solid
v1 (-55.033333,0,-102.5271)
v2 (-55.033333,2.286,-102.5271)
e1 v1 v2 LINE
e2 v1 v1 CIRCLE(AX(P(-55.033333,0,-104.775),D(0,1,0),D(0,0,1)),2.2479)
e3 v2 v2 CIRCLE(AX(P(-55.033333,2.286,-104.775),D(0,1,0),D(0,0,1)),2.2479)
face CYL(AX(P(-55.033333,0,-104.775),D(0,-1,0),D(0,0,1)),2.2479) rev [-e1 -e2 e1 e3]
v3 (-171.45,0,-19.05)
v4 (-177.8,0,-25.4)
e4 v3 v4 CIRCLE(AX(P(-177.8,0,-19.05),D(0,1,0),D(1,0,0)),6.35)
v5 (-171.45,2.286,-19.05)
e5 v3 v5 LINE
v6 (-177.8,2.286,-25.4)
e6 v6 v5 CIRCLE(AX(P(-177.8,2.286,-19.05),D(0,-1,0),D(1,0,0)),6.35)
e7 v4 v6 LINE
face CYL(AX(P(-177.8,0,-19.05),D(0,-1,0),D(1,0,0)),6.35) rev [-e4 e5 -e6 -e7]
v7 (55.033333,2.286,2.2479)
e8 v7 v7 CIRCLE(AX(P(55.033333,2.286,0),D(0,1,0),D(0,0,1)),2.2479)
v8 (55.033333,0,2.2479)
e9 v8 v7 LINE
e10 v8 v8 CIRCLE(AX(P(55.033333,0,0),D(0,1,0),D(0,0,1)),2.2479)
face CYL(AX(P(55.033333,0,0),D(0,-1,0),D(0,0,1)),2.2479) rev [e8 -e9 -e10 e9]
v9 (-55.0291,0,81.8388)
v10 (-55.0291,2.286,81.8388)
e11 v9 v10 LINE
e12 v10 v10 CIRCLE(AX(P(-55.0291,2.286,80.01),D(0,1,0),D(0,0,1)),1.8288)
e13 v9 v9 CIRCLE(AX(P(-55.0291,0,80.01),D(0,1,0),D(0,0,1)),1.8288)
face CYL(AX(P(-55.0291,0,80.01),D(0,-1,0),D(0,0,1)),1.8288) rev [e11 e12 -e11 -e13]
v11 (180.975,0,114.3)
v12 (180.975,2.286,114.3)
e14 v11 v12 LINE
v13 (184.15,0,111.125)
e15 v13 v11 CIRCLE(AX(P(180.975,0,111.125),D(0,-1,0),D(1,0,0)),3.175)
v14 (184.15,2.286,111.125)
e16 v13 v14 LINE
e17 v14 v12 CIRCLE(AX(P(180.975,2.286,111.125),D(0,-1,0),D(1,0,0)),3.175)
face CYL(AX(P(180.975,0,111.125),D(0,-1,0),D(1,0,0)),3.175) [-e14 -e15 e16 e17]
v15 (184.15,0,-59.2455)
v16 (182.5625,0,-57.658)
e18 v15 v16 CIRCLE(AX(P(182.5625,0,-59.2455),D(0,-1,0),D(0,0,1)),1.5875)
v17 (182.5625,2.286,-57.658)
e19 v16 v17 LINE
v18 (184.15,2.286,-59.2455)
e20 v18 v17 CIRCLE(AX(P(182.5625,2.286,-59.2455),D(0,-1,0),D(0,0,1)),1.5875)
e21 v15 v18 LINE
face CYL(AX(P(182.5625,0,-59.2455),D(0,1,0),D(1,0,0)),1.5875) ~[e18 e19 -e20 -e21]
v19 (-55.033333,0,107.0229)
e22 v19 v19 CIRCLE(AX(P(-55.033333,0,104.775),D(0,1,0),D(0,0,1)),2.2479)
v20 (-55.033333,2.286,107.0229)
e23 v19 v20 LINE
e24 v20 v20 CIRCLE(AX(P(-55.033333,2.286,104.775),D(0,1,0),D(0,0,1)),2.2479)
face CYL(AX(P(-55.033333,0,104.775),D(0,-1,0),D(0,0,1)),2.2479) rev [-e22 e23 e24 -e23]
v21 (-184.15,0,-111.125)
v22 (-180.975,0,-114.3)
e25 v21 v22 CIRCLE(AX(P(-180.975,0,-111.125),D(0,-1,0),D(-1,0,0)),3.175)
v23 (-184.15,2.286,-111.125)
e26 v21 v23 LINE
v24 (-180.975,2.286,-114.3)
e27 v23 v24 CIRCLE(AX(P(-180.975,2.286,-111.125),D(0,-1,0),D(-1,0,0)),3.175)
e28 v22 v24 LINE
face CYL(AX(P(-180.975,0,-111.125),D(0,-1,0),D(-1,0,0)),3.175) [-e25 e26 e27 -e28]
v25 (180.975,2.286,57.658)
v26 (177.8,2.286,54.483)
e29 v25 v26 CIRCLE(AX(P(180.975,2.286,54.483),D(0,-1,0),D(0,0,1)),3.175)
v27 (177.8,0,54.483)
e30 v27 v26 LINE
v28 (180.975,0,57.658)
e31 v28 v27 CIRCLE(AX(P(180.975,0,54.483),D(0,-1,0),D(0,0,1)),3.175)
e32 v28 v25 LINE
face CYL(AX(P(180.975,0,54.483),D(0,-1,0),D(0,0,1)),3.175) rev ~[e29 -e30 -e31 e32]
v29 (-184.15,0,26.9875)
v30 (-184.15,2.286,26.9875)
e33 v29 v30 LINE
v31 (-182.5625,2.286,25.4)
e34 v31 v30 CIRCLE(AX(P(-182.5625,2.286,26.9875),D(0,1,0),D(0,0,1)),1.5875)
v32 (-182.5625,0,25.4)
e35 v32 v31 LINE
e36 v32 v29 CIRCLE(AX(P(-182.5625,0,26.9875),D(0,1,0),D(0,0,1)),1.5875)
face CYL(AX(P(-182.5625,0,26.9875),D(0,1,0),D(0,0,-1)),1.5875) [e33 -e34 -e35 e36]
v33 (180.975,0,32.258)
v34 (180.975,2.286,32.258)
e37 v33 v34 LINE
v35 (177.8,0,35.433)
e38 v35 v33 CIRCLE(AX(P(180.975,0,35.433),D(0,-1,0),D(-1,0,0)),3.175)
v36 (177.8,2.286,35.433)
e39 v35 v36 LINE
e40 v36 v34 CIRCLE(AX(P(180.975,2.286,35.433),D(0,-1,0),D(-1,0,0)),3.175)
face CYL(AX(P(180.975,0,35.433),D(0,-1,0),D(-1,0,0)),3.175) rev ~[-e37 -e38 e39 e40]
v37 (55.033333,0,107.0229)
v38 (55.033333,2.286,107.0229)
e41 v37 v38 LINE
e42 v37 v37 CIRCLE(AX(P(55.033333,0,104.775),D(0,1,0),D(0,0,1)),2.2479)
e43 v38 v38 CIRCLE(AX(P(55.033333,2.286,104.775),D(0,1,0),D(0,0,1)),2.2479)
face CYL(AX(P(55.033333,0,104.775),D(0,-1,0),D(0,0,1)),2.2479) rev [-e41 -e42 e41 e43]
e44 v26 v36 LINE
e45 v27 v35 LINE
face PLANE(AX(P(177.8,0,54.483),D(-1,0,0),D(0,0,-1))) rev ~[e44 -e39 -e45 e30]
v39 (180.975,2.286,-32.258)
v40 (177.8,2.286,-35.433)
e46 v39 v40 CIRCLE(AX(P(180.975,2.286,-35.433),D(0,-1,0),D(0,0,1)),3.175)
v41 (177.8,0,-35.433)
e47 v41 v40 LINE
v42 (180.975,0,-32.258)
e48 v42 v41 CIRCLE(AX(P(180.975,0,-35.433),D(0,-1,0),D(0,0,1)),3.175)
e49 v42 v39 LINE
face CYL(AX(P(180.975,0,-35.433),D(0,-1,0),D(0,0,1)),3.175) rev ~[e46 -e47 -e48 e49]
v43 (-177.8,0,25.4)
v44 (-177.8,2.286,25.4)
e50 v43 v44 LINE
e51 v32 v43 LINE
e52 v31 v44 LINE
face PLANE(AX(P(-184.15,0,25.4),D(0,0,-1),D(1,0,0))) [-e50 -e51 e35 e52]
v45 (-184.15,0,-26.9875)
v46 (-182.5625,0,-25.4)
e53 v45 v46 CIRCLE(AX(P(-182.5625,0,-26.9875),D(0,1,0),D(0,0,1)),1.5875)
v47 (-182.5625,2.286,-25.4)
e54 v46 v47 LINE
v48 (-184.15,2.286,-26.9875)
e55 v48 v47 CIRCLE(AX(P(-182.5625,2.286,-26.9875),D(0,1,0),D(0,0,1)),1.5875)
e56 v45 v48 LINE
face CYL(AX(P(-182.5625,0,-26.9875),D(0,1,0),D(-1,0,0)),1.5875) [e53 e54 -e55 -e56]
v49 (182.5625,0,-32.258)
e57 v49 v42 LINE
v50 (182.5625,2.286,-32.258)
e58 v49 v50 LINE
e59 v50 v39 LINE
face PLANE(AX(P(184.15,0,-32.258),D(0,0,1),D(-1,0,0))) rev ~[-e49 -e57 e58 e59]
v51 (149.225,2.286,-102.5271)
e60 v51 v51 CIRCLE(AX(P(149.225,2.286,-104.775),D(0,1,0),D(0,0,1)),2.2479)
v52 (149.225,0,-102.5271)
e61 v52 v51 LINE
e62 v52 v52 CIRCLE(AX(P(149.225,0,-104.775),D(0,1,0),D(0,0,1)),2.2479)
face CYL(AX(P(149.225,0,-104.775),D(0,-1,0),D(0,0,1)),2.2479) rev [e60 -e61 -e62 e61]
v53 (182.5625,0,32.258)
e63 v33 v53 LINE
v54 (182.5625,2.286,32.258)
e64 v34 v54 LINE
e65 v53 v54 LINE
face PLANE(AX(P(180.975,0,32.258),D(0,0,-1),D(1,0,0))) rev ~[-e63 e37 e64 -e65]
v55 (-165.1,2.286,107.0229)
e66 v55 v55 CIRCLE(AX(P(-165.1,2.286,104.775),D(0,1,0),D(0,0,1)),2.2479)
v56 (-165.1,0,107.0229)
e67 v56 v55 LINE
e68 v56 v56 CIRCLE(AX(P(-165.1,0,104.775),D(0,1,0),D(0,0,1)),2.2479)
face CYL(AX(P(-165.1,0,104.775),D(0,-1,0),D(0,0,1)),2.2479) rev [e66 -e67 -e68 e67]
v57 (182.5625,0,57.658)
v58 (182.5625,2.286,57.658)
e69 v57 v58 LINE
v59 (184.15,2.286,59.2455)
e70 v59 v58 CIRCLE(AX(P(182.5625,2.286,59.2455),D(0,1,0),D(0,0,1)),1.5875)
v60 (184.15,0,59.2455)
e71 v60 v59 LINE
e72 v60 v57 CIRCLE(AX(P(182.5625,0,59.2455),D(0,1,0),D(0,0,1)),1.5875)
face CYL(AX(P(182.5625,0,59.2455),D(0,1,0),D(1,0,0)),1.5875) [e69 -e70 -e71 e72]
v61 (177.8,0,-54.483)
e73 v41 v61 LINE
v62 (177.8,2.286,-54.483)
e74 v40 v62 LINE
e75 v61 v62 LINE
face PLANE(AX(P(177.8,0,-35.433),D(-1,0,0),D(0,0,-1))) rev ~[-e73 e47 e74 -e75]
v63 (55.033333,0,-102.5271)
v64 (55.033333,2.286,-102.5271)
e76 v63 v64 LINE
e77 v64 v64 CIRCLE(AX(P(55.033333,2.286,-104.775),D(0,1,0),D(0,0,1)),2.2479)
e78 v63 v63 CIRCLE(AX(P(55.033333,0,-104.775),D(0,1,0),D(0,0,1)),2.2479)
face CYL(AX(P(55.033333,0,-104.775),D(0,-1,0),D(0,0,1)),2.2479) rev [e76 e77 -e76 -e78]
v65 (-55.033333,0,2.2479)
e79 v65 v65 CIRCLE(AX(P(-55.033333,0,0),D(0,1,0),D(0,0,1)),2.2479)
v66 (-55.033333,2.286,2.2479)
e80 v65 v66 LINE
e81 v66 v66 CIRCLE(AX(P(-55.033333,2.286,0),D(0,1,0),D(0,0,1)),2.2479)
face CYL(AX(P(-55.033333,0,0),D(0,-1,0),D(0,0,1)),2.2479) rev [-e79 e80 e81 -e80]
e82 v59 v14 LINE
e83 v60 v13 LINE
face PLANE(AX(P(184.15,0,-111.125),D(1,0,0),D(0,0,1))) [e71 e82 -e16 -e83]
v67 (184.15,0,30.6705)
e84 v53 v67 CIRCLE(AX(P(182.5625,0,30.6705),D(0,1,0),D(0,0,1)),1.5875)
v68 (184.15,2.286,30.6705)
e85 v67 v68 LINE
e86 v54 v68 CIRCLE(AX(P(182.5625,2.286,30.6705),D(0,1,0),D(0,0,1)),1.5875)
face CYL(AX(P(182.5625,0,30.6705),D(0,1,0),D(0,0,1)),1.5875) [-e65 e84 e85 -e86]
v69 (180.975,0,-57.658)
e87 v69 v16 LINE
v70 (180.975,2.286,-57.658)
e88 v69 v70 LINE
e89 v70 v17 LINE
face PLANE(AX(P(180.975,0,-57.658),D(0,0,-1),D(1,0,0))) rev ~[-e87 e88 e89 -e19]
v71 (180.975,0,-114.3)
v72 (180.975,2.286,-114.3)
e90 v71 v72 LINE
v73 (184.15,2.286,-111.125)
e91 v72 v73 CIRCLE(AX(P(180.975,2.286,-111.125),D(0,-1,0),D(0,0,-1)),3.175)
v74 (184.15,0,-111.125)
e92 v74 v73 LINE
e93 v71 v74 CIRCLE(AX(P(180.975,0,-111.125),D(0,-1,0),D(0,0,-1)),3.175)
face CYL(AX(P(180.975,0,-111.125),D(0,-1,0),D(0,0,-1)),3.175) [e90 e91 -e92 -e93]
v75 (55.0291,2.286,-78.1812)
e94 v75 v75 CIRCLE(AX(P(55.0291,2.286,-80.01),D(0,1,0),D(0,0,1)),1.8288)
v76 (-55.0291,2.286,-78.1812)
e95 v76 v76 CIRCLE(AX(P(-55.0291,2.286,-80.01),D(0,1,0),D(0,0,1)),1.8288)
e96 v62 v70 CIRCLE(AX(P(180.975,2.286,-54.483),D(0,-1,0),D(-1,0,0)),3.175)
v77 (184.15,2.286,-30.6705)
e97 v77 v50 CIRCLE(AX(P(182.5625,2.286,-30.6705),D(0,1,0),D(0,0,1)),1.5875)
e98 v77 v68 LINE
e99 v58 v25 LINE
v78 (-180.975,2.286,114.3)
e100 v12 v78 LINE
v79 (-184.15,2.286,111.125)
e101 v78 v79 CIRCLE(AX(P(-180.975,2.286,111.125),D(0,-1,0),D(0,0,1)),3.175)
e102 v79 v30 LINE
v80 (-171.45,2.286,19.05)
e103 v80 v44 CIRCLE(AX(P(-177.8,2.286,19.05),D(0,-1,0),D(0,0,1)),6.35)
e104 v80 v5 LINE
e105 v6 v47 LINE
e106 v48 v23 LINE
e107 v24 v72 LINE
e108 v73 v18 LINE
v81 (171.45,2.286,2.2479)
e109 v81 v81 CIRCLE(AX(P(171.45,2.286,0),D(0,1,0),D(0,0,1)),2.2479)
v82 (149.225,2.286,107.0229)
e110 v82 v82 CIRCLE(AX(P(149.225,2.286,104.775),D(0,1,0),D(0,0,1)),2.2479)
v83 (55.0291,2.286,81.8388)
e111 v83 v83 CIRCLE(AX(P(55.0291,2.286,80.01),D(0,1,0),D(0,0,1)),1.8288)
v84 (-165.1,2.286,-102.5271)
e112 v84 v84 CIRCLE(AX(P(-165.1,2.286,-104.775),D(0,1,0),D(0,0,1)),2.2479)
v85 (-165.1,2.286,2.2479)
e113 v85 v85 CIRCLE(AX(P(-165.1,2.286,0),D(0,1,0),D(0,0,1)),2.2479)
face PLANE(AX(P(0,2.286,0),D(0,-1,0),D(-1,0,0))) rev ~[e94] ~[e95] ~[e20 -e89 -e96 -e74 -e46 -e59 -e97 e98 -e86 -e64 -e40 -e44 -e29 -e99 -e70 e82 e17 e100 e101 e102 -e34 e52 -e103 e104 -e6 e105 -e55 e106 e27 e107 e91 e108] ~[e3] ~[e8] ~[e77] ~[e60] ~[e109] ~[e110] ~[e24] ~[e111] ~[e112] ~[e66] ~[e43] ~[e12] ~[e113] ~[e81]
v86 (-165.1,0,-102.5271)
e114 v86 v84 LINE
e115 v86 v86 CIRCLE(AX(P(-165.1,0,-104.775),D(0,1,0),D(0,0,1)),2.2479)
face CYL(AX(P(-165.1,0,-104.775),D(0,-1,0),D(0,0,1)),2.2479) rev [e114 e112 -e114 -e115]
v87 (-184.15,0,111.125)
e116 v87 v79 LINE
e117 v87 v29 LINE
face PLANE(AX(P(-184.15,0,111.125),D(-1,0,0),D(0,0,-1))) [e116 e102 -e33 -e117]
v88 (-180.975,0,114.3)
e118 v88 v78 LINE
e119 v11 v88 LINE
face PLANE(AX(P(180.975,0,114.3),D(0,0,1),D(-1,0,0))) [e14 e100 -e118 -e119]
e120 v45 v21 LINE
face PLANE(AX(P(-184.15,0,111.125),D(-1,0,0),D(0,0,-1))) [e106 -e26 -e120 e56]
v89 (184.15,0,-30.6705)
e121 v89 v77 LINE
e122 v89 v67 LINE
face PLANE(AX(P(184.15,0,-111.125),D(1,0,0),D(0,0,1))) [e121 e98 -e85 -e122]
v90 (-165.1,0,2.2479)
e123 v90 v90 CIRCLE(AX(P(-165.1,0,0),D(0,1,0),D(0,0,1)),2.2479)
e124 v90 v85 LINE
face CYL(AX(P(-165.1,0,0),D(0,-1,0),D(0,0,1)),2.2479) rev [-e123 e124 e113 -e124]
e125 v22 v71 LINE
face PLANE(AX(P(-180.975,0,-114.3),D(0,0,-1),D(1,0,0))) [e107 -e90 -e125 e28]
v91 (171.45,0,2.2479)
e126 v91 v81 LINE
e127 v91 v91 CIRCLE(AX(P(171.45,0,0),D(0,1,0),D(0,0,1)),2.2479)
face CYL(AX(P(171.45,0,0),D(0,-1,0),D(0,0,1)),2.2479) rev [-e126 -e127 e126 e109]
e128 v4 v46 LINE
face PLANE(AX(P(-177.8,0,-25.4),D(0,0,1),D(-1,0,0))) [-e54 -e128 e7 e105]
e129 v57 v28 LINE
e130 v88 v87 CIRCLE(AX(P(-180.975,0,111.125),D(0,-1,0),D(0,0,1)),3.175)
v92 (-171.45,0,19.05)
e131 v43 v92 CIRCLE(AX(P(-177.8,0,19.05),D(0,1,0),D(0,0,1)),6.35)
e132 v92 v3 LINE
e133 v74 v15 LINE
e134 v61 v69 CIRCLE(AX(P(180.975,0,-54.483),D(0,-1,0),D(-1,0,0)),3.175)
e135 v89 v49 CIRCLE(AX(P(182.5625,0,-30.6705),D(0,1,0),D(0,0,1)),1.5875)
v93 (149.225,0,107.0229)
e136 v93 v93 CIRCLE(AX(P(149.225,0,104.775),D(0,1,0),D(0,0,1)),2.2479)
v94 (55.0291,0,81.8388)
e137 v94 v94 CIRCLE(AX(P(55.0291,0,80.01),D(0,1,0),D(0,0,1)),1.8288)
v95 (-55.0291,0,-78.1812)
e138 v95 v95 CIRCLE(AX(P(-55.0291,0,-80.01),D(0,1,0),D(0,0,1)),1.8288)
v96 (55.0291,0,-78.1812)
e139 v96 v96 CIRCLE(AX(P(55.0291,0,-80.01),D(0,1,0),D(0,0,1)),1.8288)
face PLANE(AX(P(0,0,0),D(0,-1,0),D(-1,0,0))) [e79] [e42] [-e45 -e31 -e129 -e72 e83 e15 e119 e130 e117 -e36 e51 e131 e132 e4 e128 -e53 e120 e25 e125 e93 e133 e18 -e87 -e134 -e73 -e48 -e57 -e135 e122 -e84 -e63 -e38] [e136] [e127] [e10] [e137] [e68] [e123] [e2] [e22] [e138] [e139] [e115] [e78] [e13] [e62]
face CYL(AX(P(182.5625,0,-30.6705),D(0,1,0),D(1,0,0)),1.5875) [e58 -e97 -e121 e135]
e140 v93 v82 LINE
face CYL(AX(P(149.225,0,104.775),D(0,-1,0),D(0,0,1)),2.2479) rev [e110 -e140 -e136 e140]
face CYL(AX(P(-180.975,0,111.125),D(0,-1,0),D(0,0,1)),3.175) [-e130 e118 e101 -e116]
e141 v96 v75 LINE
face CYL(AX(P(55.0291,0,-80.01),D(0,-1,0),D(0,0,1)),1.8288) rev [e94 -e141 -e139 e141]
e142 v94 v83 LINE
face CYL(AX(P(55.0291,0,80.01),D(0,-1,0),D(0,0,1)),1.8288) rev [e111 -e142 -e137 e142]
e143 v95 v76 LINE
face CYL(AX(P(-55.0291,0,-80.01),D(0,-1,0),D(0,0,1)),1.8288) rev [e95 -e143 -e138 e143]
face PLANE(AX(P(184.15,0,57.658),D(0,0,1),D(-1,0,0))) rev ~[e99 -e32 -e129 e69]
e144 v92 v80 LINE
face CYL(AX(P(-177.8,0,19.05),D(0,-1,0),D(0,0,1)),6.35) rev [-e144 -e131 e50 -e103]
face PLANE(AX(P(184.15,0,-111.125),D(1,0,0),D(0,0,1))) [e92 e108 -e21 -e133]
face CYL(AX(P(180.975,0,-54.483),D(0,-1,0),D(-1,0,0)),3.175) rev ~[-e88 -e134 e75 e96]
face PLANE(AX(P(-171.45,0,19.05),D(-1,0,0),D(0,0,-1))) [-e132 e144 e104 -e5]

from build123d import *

# Parameters (mm, degrees)
SKETCH1_R           = 2.2479
SKETCH1_R_2         = 1.8288
BOSS_EXTRUDE1_DEPTH = 2.286
CUT_EXTRUDE1_DEPTH  = 217.750866886
FILLET1_R           = 1.5875


with BuildPart() as part:
    # Sketch1 → Boss-Extrude1 (new body)
    with BuildSketch(Plane(origin=(0, 0, 0), x_dir=(1, 0, 0), z_dir=(0, 1, 0))):
        with BuildLine():
            Line((-180.975, 114.3), (180.975, 114.3))
            ThreePointArc((180.975, 114.3), (183.22006403, 113.37006403), (184.15, 111.125))
            Line((184.15, 111.125), (184.15, -111.125))
            ThreePointArc((184.15, -111.125), (183.22006403, -113.37006403), (180.975, -114.3))
            Line((180.975, -114.3), (-180.975, -114.3))
            ThreePointArc((-180.975, -114.3), (-183.22006403, -113.37006403), (-184.15, -111.125))
            Line((-184.15, -111.125), (-184.15, 111.125))
            ThreePointArc((-184.15, 111.125), (-183.22006403, 113.37006403), (-180.975, 114.3))
        make_face()
        with Locations(Location((-165.1, 104.775, 0), (0, 0, 270))):
            Circle(SKETCH1_R, mode=Mode.SUBTRACT)
        with Locations(Location((-55.033333333, 104.775, 0), (0, 0, 270))):
            Circle(SKETCH1_R, mode=Mode.SUBTRACT)
        with Locations(Location((55.033333333, 104.775, 0), (0, 0, 270))):
            Circle(SKETCH1_R, mode=Mode.SUBTRACT)
        with Locations(Location((55.033333333, -104.775, 0), (0, 0, 270))):
            Circle(SKETCH1_R, mode=Mode.SUBTRACT)
        with Locations(Location((-55.033333333, -104.775, 0), (0, 0, 270))):
            Circle(SKETCH1_R, mode=Mode.SUBTRACT)
        with Locations(Location((-165.1, -104.775, 0), (0, 0, 270))):
            Circle(SKETCH1_R, mode=Mode.SUBTRACT)
        with Locations(Location((-55.033333333, 0, 0), (0, 0, 270))):
            Circle(SKETCH1_R, mode=Mode.SUBTRACT)
        with Locations(Location((55.033333333, 0, 0), (0, 0, 270))):
            Circle(SKETCH1_R, mode=Mode.SUBTRACT)
        with Locations(Location((149.225, -104.775, 0), (0, 0, 270))):
            Circle(SKETCH1_R, mode=Mode.SUBTRACT)
        with Locations(Location((149.225, 104.775, 0), (0, 0, 270))):
            Circle(SKETCH1_R, mode=Mode.SUBTRACT)
        with Locations(Location((55.0291, -80.01, 0), (0, 0, 270))):
            Circle(SKETCH1_R_2, mode=Mode.SUBTRACT)
        with Locations(Location((-55.0291, -80.01, 0), (0, 0, 270))):
            Circle(SKETCH1_R_2, mode=Mode.SUBTRACT)
        with Locations(Location((-55.0291, 80.01, 0), (0, 0, 270))):
            Circle(SKETCH1_R_2, mode=Mode.SUBTRACT)
        with Locations(Location((55.0291, 80.01, 0), (0, 0, 270))):
            Circle(SKETCH1_R_2, mode=Mode.SUBTRACT)
        with Locations(Location((171.45, 0, 0), (0, 0, 270))):
            Circle(SKETCH1_R, mode=Mode.SUBTRACT)
        with Locations(Location((-165.1, 0, 0), (0, 0, 270))):
            Circle(SKETCH1_R, mode=Mode.SUBTRACT)
    extrude(amount=BOSS_EXTRUDE1_DEPTH)

    # Sketch2 → Cut-Extrude1 (cut, through all)
    with BuildSketch(Plane.XZ):
        with BuildLine():
            Line((184.15, 57.658), (180.975, 57.658))
            ThreePointArc((180.975, 57.658), (178.72993597, 56.72806403), (177.8, 54.483))
            Line((177.8, 54.483), (177.8, 35.433))
            ThreePointArc((177.8, 35.433), (178.72993597, 33.18793597), (180.975, 32.258))
            Line((180.975, 32.258), (184.15, 32.258))
            Line((184.15, 32.258), (184.15, 57.658))
        make_face()
        with BuildLine():
            Line((184.15, -32.258), (180.975, -32.258))
            ThreePointArc((180.975, -32.258), (178.72993597, -33.18793597), (177.8, -35.433))
            Line((177.8, -35.433), (177.8, -54.483))
            ThreePointArc((177.8, -54.483), (178.72993597, -56.72806403), (180.975, -57.658))
            Line((180.975, -57.658), (184.15, -57.658))
            Line((184.15, -57.658), (184.15, -32.258))
        make_face()
        with BuildLine():
            Line((-184.15, 25.4), (-177.8, 25.4))
            ThreePointArc((-177.8, 25.4), (-173.309871939, 23.540128061), (-171.45, 19.05))
            Line((-171.45, 19.05), (-171.45, -19.05))
            ThreePointArc((-171.45, -19.05), (-173.309871939, -23.540128061), (-177.8, -25.4))
            Line((-177.8, -25.4), (-184.15, -25.4))
            Line((-184.15, -25.4), (-184.15, 25.4))
        make_face()
    extrude(amount=-CUT_EXTRUDE1_DEPTH, mode=Mode.SUBTRACT)

    # Fillet1
    fillet1_edges = [part.edges().sort_by_distance(p)[0] for p in [
        (184.15, 1.143, 57.658),
        (184.15, 1.143, 32.258),
        (184.15, 1.143, -32.258),
        (184.15, 1.143, -57.658),
        (-184.15, 1.143, -25.4),
        (-184.15, 1.143, 25.4),
    ]]
    fillet(fillet1_edges, radius=FILLET1_R)


solid = part.part
